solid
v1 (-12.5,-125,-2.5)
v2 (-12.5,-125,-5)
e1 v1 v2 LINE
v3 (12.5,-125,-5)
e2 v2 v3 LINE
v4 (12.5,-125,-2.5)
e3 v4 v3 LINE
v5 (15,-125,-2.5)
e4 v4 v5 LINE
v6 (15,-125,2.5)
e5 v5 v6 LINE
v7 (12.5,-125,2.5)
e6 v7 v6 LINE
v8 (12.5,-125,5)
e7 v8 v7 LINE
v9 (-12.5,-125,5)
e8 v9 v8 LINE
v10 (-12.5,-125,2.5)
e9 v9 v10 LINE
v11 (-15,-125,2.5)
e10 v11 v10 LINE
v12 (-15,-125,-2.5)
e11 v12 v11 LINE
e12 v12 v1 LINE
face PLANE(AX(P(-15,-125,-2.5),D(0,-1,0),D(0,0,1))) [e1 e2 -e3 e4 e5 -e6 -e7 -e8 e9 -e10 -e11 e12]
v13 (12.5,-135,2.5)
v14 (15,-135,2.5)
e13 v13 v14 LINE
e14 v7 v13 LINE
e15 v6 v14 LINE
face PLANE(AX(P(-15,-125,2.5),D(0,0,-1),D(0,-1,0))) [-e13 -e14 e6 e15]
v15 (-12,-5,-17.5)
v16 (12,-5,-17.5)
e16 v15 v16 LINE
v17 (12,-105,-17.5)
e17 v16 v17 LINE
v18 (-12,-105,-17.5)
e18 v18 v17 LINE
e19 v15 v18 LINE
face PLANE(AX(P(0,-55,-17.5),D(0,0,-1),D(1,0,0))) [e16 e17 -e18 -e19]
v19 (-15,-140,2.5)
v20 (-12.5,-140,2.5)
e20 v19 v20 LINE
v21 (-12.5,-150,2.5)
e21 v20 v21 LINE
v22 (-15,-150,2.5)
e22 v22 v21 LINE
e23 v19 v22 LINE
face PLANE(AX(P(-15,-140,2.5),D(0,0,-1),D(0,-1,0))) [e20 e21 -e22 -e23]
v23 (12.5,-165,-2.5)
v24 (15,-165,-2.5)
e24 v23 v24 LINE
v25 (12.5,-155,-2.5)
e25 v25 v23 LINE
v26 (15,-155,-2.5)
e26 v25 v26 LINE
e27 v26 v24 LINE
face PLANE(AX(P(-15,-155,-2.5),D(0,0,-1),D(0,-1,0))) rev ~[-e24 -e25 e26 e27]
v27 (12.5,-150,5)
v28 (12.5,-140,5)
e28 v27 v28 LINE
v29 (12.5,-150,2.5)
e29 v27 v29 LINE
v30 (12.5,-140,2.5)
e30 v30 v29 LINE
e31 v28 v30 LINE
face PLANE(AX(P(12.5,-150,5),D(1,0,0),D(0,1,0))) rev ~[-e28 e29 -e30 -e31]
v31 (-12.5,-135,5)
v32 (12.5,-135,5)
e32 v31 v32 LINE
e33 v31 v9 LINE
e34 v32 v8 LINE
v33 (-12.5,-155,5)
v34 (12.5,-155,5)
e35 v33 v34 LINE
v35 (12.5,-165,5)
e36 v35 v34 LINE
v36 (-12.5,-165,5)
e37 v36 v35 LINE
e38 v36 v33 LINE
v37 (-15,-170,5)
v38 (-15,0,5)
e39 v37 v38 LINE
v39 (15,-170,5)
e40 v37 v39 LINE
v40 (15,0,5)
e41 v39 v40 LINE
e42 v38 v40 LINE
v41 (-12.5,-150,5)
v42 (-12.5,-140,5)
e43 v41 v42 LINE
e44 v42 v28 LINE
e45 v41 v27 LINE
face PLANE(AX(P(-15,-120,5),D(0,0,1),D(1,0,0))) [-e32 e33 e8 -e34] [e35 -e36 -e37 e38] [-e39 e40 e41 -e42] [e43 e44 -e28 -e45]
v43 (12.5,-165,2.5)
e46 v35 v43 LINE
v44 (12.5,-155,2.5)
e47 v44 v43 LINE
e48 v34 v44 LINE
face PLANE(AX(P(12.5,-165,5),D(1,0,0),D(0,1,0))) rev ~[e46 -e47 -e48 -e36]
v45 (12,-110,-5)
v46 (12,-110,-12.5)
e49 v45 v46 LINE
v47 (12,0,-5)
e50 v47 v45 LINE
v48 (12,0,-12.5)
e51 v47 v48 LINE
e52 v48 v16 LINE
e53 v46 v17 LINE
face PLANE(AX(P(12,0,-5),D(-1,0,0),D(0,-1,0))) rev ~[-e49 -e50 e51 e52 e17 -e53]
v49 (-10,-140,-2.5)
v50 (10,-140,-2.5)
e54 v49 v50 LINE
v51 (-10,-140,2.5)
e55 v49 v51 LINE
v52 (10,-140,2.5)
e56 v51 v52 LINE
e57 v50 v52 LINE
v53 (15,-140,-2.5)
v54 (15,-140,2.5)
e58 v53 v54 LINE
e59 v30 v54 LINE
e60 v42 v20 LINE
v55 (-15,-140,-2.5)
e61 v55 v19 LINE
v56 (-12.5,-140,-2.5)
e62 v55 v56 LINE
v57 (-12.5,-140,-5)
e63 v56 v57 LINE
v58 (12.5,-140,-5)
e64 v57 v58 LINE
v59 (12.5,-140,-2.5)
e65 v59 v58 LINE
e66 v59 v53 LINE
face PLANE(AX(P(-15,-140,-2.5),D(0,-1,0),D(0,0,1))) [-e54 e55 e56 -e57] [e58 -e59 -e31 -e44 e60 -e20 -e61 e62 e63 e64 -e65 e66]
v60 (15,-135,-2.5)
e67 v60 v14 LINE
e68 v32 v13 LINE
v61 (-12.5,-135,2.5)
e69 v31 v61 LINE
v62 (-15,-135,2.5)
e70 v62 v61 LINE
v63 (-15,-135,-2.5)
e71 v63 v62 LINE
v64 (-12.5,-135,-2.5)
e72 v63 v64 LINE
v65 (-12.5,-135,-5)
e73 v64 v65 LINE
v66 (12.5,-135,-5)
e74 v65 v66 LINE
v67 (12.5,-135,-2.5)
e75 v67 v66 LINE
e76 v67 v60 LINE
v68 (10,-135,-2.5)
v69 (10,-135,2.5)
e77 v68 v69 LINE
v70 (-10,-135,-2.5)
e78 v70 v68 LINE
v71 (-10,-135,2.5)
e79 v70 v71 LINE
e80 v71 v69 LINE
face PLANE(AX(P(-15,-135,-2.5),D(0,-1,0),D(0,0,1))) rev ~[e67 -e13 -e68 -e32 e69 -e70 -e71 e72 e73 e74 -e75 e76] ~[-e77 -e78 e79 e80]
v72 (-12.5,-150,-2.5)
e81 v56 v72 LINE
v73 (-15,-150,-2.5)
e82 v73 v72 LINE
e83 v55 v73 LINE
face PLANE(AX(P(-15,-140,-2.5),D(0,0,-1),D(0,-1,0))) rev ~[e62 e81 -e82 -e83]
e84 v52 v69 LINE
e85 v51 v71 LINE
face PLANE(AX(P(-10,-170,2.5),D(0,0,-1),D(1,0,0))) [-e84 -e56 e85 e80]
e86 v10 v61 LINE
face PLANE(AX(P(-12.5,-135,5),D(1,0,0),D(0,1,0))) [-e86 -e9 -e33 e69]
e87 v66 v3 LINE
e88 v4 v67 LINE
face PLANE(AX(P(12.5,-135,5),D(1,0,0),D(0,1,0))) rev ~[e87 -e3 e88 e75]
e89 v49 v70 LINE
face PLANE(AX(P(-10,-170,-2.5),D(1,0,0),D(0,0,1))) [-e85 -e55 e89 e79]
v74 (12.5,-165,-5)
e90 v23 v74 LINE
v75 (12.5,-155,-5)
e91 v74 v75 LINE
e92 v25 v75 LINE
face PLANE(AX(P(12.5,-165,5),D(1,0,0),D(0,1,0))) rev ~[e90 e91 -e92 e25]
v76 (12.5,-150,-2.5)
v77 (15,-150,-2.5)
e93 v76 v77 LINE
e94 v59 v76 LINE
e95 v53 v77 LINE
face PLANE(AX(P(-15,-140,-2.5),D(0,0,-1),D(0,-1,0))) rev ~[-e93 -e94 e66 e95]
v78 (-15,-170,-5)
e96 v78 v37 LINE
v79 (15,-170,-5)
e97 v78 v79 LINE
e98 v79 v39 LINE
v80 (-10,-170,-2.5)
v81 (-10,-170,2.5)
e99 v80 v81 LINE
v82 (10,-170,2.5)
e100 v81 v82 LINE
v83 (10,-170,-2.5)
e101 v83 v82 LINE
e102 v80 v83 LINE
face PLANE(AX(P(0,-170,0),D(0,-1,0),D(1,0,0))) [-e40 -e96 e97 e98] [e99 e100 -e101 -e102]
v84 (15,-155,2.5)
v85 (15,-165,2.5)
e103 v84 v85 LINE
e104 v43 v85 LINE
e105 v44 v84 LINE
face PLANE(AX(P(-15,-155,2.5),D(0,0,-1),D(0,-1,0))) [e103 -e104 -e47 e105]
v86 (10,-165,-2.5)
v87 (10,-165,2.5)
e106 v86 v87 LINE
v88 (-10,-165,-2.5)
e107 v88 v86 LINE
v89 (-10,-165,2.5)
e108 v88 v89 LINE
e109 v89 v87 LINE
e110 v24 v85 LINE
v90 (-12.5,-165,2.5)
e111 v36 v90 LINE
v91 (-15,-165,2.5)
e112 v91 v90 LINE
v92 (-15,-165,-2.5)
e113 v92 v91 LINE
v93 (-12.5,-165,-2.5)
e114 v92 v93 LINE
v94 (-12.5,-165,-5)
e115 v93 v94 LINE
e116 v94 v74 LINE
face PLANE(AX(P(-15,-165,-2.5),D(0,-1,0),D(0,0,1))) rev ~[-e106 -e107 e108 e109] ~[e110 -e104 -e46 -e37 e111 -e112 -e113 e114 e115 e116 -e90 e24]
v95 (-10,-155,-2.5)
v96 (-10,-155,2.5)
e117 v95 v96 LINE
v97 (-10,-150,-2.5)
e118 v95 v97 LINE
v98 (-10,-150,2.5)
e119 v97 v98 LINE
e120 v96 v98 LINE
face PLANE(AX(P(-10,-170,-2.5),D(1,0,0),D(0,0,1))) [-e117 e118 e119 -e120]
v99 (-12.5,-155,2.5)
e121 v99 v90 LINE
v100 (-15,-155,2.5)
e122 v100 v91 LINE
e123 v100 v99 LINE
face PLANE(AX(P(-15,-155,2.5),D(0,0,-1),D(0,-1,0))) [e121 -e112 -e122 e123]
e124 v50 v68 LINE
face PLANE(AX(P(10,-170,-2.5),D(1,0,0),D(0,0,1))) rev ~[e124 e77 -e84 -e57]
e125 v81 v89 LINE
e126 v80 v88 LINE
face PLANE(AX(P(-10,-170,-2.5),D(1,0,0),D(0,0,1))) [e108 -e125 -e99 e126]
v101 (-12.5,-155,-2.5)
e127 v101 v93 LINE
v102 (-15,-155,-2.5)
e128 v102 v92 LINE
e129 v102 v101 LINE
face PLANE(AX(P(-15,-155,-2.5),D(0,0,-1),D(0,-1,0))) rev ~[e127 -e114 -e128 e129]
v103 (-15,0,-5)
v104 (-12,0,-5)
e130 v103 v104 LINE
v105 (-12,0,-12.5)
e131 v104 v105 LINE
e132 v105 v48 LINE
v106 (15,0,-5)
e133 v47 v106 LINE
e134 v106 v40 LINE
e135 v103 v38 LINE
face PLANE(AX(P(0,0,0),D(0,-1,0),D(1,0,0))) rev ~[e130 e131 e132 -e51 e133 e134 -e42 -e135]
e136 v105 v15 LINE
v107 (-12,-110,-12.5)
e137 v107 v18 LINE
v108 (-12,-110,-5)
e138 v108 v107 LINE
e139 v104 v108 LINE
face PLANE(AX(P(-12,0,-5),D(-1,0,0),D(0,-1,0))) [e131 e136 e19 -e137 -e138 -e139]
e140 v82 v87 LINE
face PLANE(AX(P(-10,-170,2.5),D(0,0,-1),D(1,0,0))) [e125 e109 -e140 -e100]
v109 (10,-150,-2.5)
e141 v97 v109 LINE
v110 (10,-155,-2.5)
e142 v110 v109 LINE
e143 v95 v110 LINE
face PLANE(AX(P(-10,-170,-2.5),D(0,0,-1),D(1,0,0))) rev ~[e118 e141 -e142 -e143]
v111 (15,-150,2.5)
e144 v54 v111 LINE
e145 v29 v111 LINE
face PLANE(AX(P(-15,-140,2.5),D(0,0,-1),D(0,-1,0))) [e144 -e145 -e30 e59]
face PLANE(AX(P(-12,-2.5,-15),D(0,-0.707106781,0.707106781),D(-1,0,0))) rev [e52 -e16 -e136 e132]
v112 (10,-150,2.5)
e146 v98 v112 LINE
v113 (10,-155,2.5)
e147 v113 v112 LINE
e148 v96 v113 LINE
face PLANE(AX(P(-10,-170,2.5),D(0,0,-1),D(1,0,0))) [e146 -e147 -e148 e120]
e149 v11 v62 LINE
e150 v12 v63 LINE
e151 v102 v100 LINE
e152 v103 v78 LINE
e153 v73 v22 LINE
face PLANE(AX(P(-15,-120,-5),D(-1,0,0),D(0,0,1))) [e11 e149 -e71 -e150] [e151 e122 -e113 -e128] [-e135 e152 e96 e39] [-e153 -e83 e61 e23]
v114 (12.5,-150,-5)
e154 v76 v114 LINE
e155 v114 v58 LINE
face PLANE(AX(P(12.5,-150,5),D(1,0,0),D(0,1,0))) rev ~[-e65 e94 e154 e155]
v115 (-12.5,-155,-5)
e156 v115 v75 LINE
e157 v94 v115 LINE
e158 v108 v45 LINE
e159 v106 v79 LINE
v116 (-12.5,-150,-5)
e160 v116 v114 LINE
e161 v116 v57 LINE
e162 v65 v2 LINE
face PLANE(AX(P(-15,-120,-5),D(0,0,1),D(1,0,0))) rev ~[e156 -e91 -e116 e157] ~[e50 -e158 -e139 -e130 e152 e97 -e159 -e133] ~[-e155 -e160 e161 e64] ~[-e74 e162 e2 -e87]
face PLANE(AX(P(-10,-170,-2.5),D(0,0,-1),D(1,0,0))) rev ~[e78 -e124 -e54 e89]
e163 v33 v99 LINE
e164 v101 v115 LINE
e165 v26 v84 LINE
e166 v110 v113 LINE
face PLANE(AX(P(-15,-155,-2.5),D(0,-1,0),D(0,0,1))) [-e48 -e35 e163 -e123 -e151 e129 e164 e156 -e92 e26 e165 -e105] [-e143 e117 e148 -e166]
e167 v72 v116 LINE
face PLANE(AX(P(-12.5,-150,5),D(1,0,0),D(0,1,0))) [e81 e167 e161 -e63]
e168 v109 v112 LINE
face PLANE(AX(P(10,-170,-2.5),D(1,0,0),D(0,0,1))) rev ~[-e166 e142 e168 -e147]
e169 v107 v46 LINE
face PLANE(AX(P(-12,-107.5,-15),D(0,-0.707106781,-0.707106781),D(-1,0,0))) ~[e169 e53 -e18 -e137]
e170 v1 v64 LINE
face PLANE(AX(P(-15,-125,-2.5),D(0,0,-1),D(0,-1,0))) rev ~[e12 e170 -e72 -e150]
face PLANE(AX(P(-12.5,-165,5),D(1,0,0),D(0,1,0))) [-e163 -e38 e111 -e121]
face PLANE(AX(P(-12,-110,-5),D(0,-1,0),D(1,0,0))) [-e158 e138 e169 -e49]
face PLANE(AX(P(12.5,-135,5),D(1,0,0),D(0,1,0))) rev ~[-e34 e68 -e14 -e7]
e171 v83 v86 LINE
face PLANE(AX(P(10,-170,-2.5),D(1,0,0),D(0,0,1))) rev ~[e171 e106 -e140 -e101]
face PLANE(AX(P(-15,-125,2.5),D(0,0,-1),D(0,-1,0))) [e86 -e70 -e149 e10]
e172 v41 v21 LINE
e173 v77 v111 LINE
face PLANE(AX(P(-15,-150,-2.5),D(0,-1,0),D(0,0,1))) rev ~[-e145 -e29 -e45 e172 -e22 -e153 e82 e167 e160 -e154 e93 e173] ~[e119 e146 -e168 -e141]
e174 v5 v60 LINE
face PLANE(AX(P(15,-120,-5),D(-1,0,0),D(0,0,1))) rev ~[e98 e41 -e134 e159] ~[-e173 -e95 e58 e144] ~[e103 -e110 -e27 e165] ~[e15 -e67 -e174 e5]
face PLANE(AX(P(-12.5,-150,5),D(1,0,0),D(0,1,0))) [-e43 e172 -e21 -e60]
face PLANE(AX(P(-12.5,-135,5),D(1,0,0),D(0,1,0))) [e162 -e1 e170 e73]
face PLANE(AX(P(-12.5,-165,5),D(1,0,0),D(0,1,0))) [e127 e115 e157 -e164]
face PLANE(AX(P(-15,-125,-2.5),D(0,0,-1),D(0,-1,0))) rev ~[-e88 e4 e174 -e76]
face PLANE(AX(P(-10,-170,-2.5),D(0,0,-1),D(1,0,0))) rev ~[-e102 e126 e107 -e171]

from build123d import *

# Parameters (mm, degrees)
F0_W      = 30
F0_H      = 10
F1_DEPTH  = 120
F2_W      = 30
F2_H      = 10
F3_DEPTH  = 50
F4_W      = 10
F4_H      = 5
F5_DEPTH  = 30.001
F6_W      = 25
F6_H      = 10
F7_DEPTH  = 10.001
F8_W      = 20
F8_H      = 5
F9_DEPTH  = 45
F10_W     = 24
F10_H     = 110
F11_DEPTH = 12.5
F12_SIZE  = 5


with BuildPart() as f1:
    # F0 (on Front) → F1 (new body)
    with BuildSketch(Plane.XZ):
        Rectangle(F0_W, F0_H)
    extrude(amount=F1_DEPTH)

    # F2 (on face) → F3 (join)
    with BuildSketch(Plane.XZ.offset(120)):
        Rectangle(F2_W, F2_H)
    extrude(amount=F3_DEPTH)

    # F4 (on face) → F5 (cut, through all)
    with BuildSketch(Plane(origin=(-15, 0, 0), x_dir=(0, -1, 0), z_dir=(-1, 0, 0))):
        with Locations((160, 0)):
            Rectangle(F4_W, F4_H)
        with Locations((145, 0)):
            Rectangle(F4_W, F4_H)
        with Locations((130, 0)):
            Rectangle(F4_W, F4_H)
    extrude(amount=-F5_DEPTH, mode=Mode.SUBTRACT)

    # F6 (on face) → F7 (cut, through all)
    with BuildSketch(Plane.XY.offset(5)):
        with Locations((0, -160)):
            Rectangle(F6_W, F6_H)
        with Locations((0, -145)):
            Rectangle(F6_W, F6_H)
        with Locations((0, -130)):
            Rectangle(F6_W, F6_H)
    extrude(amount=-F7_DEPTH, mode=Mode.SUBTRACT)

    # F8 (on face) → F9 (cut)
    with BuildSketch(Plane.XZ.offset(170)):
        Rectangle(F8_W, F8_H)
    extrude(amount=-F9_DEPTH, mode=Mode.SUBTRACT)

    # F10 (on face) → F11 (join)
    with BuildSketch(Plane(origin=(0, 0, -5), x_dir=(1, 0, 0), z_dir=(0, 0, -1))):
        with Locations((0, 55)):
            Rectangle(F10_W, F10_H)
    extrude(amount=F11_DEPTH)

    # F12
    f12_edges = [f1.edges().sort_by_distance(p)[0] for p in [
        (0, -110, -17.5),
        (0, 0, -17.5),
    ]]
    chamfer(f12_edges, length=F12_SIZE)


solid = f1.part
